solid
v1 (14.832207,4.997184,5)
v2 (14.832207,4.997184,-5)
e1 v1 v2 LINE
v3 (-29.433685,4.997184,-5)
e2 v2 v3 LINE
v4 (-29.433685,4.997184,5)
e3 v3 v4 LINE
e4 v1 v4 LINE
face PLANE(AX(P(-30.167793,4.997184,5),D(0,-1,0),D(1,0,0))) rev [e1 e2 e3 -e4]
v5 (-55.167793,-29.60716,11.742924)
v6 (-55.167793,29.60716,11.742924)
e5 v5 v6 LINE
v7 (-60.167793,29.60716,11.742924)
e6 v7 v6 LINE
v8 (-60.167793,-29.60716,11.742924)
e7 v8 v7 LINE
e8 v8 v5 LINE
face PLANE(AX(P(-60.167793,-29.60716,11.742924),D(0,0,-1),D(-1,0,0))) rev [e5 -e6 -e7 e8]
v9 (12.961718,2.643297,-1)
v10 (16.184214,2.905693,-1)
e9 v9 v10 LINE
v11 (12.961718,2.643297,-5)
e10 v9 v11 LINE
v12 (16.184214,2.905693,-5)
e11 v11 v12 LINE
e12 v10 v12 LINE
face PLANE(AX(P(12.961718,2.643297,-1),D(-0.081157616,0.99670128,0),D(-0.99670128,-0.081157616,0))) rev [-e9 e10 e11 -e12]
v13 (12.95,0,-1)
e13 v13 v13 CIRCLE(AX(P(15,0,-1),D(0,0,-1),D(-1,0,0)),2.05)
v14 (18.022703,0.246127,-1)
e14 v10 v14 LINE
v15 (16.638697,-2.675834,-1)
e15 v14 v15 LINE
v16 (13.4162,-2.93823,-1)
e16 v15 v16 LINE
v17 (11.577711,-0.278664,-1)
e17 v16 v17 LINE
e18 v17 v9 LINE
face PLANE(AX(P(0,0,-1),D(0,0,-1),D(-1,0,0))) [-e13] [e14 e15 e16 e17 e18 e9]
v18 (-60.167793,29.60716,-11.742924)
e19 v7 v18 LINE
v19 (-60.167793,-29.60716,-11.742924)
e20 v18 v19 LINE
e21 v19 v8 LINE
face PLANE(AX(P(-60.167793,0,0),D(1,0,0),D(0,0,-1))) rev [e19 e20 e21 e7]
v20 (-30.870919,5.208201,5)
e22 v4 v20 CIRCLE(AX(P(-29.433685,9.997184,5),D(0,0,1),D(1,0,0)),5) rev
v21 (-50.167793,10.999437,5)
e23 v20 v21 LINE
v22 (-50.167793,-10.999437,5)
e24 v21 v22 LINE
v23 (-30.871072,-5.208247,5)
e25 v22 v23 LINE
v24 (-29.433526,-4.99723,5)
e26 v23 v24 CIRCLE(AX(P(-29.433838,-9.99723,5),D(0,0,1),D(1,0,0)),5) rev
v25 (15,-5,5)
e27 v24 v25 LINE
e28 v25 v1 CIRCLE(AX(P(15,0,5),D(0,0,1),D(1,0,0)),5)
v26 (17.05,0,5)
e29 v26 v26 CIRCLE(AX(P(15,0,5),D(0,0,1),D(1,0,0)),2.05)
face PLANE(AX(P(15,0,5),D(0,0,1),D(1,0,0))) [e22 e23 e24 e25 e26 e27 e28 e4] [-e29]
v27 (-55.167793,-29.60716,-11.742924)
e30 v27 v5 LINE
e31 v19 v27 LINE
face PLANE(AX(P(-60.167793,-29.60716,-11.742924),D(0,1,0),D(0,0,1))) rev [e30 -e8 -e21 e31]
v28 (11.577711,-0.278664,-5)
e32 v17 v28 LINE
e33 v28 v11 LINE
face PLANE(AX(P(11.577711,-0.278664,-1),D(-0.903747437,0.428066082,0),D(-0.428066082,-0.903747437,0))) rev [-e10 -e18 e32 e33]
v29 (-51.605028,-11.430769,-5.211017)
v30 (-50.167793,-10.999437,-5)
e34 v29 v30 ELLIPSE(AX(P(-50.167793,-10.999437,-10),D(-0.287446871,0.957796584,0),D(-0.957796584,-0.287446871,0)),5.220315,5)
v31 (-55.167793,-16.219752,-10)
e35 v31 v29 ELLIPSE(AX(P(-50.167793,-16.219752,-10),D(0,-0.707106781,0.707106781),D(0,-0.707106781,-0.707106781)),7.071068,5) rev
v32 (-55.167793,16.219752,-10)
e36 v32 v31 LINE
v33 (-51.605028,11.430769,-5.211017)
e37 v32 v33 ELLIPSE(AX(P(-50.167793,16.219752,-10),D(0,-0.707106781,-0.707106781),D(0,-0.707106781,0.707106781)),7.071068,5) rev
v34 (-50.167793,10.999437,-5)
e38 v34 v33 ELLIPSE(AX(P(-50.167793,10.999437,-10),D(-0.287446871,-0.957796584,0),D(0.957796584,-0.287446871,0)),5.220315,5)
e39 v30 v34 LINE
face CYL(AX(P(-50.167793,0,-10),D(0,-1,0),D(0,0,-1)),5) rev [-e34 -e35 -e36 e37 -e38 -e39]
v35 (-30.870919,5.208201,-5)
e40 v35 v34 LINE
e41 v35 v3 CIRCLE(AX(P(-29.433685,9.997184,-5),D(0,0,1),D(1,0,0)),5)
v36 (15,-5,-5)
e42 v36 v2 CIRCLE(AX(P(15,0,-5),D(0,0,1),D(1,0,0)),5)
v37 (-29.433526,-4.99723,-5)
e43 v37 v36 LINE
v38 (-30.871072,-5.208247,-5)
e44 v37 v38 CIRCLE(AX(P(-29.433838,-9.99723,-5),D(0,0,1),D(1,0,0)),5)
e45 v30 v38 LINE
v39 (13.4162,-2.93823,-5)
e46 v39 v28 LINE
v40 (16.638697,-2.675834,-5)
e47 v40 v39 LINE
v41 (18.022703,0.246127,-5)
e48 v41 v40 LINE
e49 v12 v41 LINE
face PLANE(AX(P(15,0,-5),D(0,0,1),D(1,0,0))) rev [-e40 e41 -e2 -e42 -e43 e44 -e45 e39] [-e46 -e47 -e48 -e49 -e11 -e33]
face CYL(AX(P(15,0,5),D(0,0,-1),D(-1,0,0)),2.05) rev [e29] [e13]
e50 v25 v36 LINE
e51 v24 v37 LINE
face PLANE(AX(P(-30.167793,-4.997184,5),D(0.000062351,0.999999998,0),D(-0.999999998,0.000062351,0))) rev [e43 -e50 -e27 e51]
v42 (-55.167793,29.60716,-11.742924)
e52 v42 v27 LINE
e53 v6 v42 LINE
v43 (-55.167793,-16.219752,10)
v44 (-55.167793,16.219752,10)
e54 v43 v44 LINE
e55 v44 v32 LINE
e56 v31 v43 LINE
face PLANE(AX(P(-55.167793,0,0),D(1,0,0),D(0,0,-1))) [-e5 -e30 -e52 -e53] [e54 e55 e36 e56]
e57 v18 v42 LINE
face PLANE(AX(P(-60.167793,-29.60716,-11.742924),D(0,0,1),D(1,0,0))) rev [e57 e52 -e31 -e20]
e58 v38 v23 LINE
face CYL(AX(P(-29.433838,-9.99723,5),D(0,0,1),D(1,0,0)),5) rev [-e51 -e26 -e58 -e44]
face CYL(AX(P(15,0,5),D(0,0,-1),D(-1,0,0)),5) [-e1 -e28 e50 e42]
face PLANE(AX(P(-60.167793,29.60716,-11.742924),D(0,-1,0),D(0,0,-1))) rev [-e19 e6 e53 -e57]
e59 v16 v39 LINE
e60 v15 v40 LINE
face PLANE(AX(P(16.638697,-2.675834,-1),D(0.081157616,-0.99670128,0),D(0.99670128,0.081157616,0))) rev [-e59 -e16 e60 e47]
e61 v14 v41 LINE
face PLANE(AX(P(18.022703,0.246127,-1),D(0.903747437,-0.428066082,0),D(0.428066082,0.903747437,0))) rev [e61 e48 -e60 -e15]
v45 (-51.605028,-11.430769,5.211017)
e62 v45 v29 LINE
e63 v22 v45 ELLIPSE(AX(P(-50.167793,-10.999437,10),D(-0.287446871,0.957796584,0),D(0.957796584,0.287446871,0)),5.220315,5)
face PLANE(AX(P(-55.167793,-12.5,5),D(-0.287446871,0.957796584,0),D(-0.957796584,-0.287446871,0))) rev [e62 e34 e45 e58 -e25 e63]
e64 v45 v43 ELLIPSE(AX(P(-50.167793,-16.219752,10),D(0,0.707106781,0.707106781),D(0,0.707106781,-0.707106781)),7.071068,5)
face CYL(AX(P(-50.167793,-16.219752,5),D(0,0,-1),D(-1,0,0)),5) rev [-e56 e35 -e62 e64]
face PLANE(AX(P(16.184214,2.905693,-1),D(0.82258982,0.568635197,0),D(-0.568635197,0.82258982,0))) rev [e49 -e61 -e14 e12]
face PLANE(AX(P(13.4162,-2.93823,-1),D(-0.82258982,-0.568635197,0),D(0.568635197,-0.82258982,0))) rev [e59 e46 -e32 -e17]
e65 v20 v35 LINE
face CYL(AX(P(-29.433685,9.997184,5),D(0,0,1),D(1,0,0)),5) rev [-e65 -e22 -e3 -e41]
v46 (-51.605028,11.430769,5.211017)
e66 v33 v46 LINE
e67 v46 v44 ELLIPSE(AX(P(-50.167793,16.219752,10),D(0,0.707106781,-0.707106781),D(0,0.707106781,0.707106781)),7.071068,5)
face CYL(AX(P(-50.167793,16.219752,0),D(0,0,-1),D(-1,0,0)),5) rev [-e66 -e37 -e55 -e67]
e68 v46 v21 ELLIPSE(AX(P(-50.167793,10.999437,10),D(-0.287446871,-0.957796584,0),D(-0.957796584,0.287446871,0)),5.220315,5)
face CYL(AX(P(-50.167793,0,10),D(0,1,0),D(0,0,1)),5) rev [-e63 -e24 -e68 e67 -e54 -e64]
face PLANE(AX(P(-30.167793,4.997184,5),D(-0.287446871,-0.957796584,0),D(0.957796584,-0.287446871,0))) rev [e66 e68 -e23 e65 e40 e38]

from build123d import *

# Parameters (mm, degrees)
SKETCH_1_R          = 2.05
EXTRUDE_1_DEPTH     = 5
SKETCH_3_W          = 23.485848614
SKETCH_3_H          = 59.214320442
EXTRUDE_2_DEPTH     = 5
CUT_EXTRUDE_1_DEPTH = 4
FILLET_1_R          = 5


with BuildPart() as part:
    # 草圖1 → 填料-伸長1 (new, symmetric)
    with BuildSketch(Plane.XY):
        with BuildLine():
            Line((-30.167793166, 4.997183752), (14.832206834, 4.997183752))
            ThreePointArc((14.832206834, 4.997183752), (19.999295888, 0.083908399), (15, -5))
            Line((15, -5), (-30.167793166, -4.997183752))
            Line((-30.167793166, -4.997183752), (-55.167793166, -12.5))
            Line((-55.167793166, -12.5), (-55.167793166, 12.5))
            Line((-55.167793166, 12.5), (-30.167793166, 4.997183752))
        make_face()
        with Locations((15, 0)):
            Circle(SKETCH_1_R, mode=Mode.SUBTRACT)
    extrude(amount=EXTRUDE_1_DEPTH, both=True)

    # 草圖3 → 填料-伸長2 (add)
    with BuildSketch(Plane.ZY.offset(55.167793166)):
        Rectangle(SKETCH_3_W, SKETCH_3_H)
    extrude(amount=EXTRUDE_2_DEPTH)

    # 草圖4 → 除料-伸長1 (cut)
    with BuildSketch(Plane(origin=(0, 0, -5), x_dir=(-1, 0, 0), z_dir=(0, 0, -1))):
        Polygon((-16.638696654, -2.675834113), (-13.416200442, -2.938229795), (-11.57771101, -0.278664052), (-12.96171779, 2.643297373), (-16.184214003, 2.905693054), (-18.022703435, 0.246127311), align=None)
    extrude(amount=-CUT_EXTRUDE_1_DEPTH, mode=Mode.SUBTRACT)

    # 圓角1
    fillet_1_edges = [part.edges().sort_by_distance(p)[0] for p in [
        (-30.167793166, 4.997183752, 0),
        (-30.167793166, -4.997183752, 0),
        (-55.167793166, -12.5, 0),
        (-55.167793166, 12.5, 0),
        (-55.167793166, 0, -5),
        (-55.167793166, 0, 5),
    ]]
    fillet(fillet_1_edges, radius=FILLET_1_R)


solid = part.part
